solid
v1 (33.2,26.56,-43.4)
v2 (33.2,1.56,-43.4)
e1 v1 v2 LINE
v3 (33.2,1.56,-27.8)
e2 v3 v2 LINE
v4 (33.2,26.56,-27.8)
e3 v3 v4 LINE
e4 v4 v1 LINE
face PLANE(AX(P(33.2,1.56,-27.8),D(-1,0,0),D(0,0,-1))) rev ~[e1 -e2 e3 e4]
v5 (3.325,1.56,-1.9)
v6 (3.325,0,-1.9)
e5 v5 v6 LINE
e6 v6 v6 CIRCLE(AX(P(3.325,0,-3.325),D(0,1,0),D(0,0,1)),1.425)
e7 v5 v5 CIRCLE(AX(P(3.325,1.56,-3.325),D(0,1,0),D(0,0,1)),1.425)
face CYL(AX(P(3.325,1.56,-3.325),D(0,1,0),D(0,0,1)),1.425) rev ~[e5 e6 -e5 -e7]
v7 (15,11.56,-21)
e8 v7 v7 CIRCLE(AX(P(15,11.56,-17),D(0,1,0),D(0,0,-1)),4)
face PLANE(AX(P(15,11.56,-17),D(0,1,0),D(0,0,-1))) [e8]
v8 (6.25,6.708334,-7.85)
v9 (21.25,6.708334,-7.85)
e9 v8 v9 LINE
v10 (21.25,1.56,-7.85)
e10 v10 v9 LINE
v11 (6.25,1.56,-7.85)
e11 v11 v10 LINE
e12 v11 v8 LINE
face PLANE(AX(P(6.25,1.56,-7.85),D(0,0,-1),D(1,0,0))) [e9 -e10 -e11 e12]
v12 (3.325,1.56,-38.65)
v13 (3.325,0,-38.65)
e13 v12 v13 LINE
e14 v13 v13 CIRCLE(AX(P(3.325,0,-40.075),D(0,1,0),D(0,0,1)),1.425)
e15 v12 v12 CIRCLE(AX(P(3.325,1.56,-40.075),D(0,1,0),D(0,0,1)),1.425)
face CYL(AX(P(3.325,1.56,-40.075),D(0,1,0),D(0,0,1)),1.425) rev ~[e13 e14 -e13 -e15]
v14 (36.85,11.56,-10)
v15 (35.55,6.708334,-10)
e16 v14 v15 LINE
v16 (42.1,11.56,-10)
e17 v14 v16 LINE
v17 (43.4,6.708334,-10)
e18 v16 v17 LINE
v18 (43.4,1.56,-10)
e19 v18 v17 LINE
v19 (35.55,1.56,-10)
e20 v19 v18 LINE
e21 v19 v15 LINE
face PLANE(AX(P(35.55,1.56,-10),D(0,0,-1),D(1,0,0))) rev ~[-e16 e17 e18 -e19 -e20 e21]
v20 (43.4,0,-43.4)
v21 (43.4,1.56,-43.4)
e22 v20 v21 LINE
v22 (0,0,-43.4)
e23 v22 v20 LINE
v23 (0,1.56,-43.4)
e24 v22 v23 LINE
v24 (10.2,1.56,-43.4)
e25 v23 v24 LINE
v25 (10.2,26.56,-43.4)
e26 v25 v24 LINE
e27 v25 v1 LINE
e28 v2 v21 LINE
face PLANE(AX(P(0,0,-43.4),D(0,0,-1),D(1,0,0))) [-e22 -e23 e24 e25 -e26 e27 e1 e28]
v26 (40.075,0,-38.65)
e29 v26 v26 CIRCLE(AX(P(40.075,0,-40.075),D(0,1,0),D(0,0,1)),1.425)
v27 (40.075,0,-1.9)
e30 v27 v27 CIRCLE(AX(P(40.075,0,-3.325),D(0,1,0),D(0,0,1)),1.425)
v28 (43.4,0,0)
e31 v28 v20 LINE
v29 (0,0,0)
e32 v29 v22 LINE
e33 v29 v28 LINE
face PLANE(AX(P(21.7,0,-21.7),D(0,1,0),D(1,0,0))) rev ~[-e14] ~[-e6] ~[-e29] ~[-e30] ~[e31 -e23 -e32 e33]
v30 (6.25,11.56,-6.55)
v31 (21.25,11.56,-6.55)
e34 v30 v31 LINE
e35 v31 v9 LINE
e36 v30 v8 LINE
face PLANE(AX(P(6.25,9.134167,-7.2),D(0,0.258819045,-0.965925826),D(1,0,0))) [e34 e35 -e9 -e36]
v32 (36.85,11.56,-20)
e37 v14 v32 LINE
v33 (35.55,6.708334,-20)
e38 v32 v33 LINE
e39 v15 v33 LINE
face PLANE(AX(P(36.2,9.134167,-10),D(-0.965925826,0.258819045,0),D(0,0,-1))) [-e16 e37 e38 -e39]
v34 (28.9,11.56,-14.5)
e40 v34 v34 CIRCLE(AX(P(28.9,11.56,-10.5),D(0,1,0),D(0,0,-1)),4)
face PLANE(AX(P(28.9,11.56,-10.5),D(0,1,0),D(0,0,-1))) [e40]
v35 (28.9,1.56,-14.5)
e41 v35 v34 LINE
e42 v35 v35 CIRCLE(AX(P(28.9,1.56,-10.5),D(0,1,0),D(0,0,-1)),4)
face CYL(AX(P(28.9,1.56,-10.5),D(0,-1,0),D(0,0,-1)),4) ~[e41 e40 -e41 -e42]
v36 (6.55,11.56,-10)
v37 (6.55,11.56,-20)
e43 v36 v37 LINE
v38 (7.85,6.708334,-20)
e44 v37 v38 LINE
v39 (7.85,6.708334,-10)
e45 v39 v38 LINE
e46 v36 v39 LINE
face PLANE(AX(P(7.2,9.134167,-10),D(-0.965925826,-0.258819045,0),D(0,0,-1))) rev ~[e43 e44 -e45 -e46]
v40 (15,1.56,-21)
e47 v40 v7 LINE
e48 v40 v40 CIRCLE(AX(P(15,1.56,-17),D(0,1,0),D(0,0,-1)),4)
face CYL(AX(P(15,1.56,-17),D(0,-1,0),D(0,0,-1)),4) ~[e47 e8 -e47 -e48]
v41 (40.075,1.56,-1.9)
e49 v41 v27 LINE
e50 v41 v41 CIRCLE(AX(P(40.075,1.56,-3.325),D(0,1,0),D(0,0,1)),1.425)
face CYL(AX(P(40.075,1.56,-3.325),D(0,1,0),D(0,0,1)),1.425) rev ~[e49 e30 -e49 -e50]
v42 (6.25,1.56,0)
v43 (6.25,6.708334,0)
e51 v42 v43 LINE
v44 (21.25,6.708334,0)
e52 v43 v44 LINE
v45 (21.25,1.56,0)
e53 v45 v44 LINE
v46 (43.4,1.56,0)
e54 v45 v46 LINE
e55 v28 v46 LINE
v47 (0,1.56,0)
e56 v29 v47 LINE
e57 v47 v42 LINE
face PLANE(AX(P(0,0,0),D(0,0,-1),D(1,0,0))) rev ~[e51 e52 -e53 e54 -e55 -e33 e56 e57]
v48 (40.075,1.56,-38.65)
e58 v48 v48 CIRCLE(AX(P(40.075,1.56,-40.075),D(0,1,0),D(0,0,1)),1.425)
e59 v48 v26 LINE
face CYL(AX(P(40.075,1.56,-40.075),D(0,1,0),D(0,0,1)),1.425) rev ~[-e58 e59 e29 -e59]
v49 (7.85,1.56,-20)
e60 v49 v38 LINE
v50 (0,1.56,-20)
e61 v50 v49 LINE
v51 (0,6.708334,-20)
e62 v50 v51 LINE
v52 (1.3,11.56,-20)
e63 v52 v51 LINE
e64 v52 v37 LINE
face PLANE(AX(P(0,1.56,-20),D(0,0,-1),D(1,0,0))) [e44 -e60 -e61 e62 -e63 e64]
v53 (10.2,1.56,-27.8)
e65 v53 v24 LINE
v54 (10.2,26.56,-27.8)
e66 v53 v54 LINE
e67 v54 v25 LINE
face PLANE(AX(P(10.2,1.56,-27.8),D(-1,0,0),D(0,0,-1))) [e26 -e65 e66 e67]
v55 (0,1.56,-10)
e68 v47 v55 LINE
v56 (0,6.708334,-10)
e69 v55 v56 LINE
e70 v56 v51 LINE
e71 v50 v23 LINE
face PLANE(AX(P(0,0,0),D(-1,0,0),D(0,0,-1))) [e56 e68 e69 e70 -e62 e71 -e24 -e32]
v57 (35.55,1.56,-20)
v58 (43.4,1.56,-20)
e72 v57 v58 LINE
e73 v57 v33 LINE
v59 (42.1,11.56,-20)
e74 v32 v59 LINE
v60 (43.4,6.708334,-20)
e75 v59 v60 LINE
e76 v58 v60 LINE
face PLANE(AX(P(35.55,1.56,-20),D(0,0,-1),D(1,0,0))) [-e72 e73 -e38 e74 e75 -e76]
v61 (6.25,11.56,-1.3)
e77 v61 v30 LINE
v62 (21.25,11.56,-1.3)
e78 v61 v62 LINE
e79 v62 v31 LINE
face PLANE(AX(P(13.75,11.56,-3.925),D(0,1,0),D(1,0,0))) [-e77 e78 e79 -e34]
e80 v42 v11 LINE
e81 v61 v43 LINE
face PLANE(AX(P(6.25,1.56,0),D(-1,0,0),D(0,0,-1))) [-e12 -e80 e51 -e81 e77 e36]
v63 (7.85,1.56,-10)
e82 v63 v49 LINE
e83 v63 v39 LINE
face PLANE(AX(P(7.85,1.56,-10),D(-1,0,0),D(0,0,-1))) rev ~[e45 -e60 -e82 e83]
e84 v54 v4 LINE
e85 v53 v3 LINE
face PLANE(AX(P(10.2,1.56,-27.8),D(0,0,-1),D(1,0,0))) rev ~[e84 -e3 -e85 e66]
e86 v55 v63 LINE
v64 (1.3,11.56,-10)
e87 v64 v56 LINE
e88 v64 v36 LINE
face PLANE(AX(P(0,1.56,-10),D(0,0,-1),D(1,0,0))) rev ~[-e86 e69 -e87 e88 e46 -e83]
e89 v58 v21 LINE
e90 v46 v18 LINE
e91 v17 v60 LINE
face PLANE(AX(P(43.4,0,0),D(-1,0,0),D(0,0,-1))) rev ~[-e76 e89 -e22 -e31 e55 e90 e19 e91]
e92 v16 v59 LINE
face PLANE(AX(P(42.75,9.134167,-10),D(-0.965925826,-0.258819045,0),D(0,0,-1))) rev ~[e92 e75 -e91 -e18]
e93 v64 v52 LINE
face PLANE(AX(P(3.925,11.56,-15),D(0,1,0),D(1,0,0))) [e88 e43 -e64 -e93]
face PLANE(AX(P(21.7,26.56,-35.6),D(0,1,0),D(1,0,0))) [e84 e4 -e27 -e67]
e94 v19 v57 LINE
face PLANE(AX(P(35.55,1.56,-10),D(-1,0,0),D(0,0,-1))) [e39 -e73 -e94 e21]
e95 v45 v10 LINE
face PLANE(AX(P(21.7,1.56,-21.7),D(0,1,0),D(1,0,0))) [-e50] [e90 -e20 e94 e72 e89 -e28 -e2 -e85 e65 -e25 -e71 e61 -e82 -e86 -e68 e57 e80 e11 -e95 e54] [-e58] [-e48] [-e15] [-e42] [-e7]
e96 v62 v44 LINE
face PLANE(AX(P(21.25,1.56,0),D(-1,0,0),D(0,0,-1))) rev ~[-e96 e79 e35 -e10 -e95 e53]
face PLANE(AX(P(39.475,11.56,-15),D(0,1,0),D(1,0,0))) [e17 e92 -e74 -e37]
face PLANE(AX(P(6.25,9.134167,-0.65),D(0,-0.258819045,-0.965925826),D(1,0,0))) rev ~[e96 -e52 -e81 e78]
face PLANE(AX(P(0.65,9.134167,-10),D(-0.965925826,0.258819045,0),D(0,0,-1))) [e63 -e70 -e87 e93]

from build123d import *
from OCP.BRepFilletAPI import BRepFilletAPI_MakeChamfer

# Parameters (mm, degrees)
SKETCH2_W           = 43.4
SKETCH2_H           = 43.4
BOSS_EXTRUDE1_DEPTH = 1.56
SKETCH3_W           = 23
SKETCH3_H           = 15.6
BOSS_EXTRUDE2_DEPTH = 25
SKETCH3_3_R         = 4
SKETCH3_3_W         = 7.85
SKETCH3_3_H         = 10
SKETCH3_3_W_2       = 15
SKETCH3_3_H_2       = 7.85
SKETCH3_3_W_3       = 23
SKETCH3_3_H_3       = 15.6
BOSS_EXTRUDE3_DEPTH = 10
CHAMFER1_SIZE       = 1.3
CHAMFER1_SIZE2      = 4.85166605
SKETCH3_4_R         = 1.425
CUT_EXTRUDE1_DEPTH  = 67.273071454


with BuildPart() as part:
    # Sketch2 → Boss-Extrude1 (new body)
    with BuildSketch(Plane(origin=(0, 0, 0), x_dir=(1, 0, 0), z_dir=(0, 1, 0))):
        with Locations((21.7, 21.7)):
            Rectangle(SKETCH2_W, SKETCH2_H)
    extrude(amount=BOSS_EXTRUDE1_DEPTH)

    # Sketch3 → Boss-Extrude2 (add)
    with BuildSketch(Plane(origin=(0, 1.56, 0), x_dir=(1, 0, 0), z_dir=(0, 1, 0))):
        with Locations((21.7, 35.6)):
            Rectangle(SKETCH3_W, SKETCH3_H)
    extrude(amount=BOSS_EXTRUDE2_DEPTH)

    # Sketch3<3> → Boss-Extrude3 (add)
    with BuildSketch(Plane(origin=(0, 1.56, 0), x_dir=(1, 0, 0), z_dir=(0, 1, 0))):
        with Locations(Location((15, 17, 0), (0, 0, 90))):
            Circle(SKETCH3_3_R)
        with Locations((3.925, 15)):
            Rectangle(SKETCH3_3_W, SKETCH3_3_H)
        with Locations((13.75, 3.925)):
            Rectangle(SKETCH3_3_W_2, SKETCH3_3_H_2)
        with Locations(Location((28.9, 10.5, 0), (0, 0, 90))):
            Circle(SKETCH3_3_R)
        with Locations((39.475, 15)):
            Rectangle(SKETCH3_3_W, SKETCH3_3_H)
        with Locations((21.7, 35.6)):
            Rectangle(SKETCH3_3_W_3, SKETCH3_3_H_3)
    extrude(amount=BOSS_EXTRUDE3_DEPTH)

    # Chamfer1: one chamfer whose edges measure the first distance from different faces: ONE call of the kernel's chamfer builder (chamfer() names one face for all edges)
    chamfer1_edges_1 = [part.edges().sort_by_distance(p)[0] for p in [
        (35.55, 11.56, -15),
        (43.4, 11.56, -15),
    ]]
    chamfer1_side_1 = [part.faces().sort_by_distance(p)[0] for p in [
        (39.475, 11.56, -15),
    ]]
    chamfer1_edges_2 = [part.edges().sort_by_distance(p)[0] for p in [
        (13.75, 11.56, -7.85),
        (13.75, 11.56, 0),
    ]]
    chamfer1_side_2 = [part.faces().sort_by_distance(p)[0] for p in [
        (13.75, 11.56, -3.925),
    ]]
    chamfer1_edges_3 = [part.edges().sort_by_distance(p)[0] for p in [
        (7.85, 11.56, -15),
        (0, 11.56, -15),
    ]]
    chamfer1_side_3 = [part.faces().sort_by_distance(p)[0] for p in [
        (3.925, 11.56, -15),
    ]]
    chamfer1 = BRepFilletAPI_MakeChamfer(part.part.solid().wrapped)
    for e in chamfer1_edges_1:
        chamfer1.Add(CHAMFER1_SIZE, CHAMFER1_SIZE2, e.wrapped, chamfer1_side_1[0].wrapped)  # the first distance lies on this face
    for e in chamfer1_edges_2:
        chamfer1.Add(CHAMFER1_SIZE, CHAMFER1_SIZE2, e.wrapped, chamfer1_side_2[0].wrapped)  # the first distance lies on this face
    for e in chamfer1_edges_3:
        chamfer1.Add(CHAMFER1_SIZE, CHAMFER1_SIZE2, e.wrapped, chamfer1_side_3[0].wrapped)  # the first distance lies on this face
    add(Compound.cast(chamfer1.Shape()), mode=Mode.REPLACE)

    # Sketch3<4> → Cut-Extrude1 (cut, through all)
    with BuildSketch(Plane(origin=(0, 1.56, 0), x_dir=(1, 0, 0), z_dir=(0, 1, 0))):
        with Locations(Location((3.325, 40.075, 0), (0, 0, 270))):
            Circle(SKETCH3_4_R)
        with Locations(Location((40.075, 40.075, 0), (0, 0, 270))):
            Circle(SKETCH3_4_R)
        with Locations(Location((40.075, 3.325, 0), (0, 0, 270))):
            Circle(SKETCH3_4_R)
        with Locations(Location((3.325, 3.325, 0), (0, 0, 270))):
            Circle(SKETCH3_4_R)
    extrude(amount=-CUT_EXTRUDE1_DEPTH, mode=Mode.SUBTRACT)


solid = part.part
